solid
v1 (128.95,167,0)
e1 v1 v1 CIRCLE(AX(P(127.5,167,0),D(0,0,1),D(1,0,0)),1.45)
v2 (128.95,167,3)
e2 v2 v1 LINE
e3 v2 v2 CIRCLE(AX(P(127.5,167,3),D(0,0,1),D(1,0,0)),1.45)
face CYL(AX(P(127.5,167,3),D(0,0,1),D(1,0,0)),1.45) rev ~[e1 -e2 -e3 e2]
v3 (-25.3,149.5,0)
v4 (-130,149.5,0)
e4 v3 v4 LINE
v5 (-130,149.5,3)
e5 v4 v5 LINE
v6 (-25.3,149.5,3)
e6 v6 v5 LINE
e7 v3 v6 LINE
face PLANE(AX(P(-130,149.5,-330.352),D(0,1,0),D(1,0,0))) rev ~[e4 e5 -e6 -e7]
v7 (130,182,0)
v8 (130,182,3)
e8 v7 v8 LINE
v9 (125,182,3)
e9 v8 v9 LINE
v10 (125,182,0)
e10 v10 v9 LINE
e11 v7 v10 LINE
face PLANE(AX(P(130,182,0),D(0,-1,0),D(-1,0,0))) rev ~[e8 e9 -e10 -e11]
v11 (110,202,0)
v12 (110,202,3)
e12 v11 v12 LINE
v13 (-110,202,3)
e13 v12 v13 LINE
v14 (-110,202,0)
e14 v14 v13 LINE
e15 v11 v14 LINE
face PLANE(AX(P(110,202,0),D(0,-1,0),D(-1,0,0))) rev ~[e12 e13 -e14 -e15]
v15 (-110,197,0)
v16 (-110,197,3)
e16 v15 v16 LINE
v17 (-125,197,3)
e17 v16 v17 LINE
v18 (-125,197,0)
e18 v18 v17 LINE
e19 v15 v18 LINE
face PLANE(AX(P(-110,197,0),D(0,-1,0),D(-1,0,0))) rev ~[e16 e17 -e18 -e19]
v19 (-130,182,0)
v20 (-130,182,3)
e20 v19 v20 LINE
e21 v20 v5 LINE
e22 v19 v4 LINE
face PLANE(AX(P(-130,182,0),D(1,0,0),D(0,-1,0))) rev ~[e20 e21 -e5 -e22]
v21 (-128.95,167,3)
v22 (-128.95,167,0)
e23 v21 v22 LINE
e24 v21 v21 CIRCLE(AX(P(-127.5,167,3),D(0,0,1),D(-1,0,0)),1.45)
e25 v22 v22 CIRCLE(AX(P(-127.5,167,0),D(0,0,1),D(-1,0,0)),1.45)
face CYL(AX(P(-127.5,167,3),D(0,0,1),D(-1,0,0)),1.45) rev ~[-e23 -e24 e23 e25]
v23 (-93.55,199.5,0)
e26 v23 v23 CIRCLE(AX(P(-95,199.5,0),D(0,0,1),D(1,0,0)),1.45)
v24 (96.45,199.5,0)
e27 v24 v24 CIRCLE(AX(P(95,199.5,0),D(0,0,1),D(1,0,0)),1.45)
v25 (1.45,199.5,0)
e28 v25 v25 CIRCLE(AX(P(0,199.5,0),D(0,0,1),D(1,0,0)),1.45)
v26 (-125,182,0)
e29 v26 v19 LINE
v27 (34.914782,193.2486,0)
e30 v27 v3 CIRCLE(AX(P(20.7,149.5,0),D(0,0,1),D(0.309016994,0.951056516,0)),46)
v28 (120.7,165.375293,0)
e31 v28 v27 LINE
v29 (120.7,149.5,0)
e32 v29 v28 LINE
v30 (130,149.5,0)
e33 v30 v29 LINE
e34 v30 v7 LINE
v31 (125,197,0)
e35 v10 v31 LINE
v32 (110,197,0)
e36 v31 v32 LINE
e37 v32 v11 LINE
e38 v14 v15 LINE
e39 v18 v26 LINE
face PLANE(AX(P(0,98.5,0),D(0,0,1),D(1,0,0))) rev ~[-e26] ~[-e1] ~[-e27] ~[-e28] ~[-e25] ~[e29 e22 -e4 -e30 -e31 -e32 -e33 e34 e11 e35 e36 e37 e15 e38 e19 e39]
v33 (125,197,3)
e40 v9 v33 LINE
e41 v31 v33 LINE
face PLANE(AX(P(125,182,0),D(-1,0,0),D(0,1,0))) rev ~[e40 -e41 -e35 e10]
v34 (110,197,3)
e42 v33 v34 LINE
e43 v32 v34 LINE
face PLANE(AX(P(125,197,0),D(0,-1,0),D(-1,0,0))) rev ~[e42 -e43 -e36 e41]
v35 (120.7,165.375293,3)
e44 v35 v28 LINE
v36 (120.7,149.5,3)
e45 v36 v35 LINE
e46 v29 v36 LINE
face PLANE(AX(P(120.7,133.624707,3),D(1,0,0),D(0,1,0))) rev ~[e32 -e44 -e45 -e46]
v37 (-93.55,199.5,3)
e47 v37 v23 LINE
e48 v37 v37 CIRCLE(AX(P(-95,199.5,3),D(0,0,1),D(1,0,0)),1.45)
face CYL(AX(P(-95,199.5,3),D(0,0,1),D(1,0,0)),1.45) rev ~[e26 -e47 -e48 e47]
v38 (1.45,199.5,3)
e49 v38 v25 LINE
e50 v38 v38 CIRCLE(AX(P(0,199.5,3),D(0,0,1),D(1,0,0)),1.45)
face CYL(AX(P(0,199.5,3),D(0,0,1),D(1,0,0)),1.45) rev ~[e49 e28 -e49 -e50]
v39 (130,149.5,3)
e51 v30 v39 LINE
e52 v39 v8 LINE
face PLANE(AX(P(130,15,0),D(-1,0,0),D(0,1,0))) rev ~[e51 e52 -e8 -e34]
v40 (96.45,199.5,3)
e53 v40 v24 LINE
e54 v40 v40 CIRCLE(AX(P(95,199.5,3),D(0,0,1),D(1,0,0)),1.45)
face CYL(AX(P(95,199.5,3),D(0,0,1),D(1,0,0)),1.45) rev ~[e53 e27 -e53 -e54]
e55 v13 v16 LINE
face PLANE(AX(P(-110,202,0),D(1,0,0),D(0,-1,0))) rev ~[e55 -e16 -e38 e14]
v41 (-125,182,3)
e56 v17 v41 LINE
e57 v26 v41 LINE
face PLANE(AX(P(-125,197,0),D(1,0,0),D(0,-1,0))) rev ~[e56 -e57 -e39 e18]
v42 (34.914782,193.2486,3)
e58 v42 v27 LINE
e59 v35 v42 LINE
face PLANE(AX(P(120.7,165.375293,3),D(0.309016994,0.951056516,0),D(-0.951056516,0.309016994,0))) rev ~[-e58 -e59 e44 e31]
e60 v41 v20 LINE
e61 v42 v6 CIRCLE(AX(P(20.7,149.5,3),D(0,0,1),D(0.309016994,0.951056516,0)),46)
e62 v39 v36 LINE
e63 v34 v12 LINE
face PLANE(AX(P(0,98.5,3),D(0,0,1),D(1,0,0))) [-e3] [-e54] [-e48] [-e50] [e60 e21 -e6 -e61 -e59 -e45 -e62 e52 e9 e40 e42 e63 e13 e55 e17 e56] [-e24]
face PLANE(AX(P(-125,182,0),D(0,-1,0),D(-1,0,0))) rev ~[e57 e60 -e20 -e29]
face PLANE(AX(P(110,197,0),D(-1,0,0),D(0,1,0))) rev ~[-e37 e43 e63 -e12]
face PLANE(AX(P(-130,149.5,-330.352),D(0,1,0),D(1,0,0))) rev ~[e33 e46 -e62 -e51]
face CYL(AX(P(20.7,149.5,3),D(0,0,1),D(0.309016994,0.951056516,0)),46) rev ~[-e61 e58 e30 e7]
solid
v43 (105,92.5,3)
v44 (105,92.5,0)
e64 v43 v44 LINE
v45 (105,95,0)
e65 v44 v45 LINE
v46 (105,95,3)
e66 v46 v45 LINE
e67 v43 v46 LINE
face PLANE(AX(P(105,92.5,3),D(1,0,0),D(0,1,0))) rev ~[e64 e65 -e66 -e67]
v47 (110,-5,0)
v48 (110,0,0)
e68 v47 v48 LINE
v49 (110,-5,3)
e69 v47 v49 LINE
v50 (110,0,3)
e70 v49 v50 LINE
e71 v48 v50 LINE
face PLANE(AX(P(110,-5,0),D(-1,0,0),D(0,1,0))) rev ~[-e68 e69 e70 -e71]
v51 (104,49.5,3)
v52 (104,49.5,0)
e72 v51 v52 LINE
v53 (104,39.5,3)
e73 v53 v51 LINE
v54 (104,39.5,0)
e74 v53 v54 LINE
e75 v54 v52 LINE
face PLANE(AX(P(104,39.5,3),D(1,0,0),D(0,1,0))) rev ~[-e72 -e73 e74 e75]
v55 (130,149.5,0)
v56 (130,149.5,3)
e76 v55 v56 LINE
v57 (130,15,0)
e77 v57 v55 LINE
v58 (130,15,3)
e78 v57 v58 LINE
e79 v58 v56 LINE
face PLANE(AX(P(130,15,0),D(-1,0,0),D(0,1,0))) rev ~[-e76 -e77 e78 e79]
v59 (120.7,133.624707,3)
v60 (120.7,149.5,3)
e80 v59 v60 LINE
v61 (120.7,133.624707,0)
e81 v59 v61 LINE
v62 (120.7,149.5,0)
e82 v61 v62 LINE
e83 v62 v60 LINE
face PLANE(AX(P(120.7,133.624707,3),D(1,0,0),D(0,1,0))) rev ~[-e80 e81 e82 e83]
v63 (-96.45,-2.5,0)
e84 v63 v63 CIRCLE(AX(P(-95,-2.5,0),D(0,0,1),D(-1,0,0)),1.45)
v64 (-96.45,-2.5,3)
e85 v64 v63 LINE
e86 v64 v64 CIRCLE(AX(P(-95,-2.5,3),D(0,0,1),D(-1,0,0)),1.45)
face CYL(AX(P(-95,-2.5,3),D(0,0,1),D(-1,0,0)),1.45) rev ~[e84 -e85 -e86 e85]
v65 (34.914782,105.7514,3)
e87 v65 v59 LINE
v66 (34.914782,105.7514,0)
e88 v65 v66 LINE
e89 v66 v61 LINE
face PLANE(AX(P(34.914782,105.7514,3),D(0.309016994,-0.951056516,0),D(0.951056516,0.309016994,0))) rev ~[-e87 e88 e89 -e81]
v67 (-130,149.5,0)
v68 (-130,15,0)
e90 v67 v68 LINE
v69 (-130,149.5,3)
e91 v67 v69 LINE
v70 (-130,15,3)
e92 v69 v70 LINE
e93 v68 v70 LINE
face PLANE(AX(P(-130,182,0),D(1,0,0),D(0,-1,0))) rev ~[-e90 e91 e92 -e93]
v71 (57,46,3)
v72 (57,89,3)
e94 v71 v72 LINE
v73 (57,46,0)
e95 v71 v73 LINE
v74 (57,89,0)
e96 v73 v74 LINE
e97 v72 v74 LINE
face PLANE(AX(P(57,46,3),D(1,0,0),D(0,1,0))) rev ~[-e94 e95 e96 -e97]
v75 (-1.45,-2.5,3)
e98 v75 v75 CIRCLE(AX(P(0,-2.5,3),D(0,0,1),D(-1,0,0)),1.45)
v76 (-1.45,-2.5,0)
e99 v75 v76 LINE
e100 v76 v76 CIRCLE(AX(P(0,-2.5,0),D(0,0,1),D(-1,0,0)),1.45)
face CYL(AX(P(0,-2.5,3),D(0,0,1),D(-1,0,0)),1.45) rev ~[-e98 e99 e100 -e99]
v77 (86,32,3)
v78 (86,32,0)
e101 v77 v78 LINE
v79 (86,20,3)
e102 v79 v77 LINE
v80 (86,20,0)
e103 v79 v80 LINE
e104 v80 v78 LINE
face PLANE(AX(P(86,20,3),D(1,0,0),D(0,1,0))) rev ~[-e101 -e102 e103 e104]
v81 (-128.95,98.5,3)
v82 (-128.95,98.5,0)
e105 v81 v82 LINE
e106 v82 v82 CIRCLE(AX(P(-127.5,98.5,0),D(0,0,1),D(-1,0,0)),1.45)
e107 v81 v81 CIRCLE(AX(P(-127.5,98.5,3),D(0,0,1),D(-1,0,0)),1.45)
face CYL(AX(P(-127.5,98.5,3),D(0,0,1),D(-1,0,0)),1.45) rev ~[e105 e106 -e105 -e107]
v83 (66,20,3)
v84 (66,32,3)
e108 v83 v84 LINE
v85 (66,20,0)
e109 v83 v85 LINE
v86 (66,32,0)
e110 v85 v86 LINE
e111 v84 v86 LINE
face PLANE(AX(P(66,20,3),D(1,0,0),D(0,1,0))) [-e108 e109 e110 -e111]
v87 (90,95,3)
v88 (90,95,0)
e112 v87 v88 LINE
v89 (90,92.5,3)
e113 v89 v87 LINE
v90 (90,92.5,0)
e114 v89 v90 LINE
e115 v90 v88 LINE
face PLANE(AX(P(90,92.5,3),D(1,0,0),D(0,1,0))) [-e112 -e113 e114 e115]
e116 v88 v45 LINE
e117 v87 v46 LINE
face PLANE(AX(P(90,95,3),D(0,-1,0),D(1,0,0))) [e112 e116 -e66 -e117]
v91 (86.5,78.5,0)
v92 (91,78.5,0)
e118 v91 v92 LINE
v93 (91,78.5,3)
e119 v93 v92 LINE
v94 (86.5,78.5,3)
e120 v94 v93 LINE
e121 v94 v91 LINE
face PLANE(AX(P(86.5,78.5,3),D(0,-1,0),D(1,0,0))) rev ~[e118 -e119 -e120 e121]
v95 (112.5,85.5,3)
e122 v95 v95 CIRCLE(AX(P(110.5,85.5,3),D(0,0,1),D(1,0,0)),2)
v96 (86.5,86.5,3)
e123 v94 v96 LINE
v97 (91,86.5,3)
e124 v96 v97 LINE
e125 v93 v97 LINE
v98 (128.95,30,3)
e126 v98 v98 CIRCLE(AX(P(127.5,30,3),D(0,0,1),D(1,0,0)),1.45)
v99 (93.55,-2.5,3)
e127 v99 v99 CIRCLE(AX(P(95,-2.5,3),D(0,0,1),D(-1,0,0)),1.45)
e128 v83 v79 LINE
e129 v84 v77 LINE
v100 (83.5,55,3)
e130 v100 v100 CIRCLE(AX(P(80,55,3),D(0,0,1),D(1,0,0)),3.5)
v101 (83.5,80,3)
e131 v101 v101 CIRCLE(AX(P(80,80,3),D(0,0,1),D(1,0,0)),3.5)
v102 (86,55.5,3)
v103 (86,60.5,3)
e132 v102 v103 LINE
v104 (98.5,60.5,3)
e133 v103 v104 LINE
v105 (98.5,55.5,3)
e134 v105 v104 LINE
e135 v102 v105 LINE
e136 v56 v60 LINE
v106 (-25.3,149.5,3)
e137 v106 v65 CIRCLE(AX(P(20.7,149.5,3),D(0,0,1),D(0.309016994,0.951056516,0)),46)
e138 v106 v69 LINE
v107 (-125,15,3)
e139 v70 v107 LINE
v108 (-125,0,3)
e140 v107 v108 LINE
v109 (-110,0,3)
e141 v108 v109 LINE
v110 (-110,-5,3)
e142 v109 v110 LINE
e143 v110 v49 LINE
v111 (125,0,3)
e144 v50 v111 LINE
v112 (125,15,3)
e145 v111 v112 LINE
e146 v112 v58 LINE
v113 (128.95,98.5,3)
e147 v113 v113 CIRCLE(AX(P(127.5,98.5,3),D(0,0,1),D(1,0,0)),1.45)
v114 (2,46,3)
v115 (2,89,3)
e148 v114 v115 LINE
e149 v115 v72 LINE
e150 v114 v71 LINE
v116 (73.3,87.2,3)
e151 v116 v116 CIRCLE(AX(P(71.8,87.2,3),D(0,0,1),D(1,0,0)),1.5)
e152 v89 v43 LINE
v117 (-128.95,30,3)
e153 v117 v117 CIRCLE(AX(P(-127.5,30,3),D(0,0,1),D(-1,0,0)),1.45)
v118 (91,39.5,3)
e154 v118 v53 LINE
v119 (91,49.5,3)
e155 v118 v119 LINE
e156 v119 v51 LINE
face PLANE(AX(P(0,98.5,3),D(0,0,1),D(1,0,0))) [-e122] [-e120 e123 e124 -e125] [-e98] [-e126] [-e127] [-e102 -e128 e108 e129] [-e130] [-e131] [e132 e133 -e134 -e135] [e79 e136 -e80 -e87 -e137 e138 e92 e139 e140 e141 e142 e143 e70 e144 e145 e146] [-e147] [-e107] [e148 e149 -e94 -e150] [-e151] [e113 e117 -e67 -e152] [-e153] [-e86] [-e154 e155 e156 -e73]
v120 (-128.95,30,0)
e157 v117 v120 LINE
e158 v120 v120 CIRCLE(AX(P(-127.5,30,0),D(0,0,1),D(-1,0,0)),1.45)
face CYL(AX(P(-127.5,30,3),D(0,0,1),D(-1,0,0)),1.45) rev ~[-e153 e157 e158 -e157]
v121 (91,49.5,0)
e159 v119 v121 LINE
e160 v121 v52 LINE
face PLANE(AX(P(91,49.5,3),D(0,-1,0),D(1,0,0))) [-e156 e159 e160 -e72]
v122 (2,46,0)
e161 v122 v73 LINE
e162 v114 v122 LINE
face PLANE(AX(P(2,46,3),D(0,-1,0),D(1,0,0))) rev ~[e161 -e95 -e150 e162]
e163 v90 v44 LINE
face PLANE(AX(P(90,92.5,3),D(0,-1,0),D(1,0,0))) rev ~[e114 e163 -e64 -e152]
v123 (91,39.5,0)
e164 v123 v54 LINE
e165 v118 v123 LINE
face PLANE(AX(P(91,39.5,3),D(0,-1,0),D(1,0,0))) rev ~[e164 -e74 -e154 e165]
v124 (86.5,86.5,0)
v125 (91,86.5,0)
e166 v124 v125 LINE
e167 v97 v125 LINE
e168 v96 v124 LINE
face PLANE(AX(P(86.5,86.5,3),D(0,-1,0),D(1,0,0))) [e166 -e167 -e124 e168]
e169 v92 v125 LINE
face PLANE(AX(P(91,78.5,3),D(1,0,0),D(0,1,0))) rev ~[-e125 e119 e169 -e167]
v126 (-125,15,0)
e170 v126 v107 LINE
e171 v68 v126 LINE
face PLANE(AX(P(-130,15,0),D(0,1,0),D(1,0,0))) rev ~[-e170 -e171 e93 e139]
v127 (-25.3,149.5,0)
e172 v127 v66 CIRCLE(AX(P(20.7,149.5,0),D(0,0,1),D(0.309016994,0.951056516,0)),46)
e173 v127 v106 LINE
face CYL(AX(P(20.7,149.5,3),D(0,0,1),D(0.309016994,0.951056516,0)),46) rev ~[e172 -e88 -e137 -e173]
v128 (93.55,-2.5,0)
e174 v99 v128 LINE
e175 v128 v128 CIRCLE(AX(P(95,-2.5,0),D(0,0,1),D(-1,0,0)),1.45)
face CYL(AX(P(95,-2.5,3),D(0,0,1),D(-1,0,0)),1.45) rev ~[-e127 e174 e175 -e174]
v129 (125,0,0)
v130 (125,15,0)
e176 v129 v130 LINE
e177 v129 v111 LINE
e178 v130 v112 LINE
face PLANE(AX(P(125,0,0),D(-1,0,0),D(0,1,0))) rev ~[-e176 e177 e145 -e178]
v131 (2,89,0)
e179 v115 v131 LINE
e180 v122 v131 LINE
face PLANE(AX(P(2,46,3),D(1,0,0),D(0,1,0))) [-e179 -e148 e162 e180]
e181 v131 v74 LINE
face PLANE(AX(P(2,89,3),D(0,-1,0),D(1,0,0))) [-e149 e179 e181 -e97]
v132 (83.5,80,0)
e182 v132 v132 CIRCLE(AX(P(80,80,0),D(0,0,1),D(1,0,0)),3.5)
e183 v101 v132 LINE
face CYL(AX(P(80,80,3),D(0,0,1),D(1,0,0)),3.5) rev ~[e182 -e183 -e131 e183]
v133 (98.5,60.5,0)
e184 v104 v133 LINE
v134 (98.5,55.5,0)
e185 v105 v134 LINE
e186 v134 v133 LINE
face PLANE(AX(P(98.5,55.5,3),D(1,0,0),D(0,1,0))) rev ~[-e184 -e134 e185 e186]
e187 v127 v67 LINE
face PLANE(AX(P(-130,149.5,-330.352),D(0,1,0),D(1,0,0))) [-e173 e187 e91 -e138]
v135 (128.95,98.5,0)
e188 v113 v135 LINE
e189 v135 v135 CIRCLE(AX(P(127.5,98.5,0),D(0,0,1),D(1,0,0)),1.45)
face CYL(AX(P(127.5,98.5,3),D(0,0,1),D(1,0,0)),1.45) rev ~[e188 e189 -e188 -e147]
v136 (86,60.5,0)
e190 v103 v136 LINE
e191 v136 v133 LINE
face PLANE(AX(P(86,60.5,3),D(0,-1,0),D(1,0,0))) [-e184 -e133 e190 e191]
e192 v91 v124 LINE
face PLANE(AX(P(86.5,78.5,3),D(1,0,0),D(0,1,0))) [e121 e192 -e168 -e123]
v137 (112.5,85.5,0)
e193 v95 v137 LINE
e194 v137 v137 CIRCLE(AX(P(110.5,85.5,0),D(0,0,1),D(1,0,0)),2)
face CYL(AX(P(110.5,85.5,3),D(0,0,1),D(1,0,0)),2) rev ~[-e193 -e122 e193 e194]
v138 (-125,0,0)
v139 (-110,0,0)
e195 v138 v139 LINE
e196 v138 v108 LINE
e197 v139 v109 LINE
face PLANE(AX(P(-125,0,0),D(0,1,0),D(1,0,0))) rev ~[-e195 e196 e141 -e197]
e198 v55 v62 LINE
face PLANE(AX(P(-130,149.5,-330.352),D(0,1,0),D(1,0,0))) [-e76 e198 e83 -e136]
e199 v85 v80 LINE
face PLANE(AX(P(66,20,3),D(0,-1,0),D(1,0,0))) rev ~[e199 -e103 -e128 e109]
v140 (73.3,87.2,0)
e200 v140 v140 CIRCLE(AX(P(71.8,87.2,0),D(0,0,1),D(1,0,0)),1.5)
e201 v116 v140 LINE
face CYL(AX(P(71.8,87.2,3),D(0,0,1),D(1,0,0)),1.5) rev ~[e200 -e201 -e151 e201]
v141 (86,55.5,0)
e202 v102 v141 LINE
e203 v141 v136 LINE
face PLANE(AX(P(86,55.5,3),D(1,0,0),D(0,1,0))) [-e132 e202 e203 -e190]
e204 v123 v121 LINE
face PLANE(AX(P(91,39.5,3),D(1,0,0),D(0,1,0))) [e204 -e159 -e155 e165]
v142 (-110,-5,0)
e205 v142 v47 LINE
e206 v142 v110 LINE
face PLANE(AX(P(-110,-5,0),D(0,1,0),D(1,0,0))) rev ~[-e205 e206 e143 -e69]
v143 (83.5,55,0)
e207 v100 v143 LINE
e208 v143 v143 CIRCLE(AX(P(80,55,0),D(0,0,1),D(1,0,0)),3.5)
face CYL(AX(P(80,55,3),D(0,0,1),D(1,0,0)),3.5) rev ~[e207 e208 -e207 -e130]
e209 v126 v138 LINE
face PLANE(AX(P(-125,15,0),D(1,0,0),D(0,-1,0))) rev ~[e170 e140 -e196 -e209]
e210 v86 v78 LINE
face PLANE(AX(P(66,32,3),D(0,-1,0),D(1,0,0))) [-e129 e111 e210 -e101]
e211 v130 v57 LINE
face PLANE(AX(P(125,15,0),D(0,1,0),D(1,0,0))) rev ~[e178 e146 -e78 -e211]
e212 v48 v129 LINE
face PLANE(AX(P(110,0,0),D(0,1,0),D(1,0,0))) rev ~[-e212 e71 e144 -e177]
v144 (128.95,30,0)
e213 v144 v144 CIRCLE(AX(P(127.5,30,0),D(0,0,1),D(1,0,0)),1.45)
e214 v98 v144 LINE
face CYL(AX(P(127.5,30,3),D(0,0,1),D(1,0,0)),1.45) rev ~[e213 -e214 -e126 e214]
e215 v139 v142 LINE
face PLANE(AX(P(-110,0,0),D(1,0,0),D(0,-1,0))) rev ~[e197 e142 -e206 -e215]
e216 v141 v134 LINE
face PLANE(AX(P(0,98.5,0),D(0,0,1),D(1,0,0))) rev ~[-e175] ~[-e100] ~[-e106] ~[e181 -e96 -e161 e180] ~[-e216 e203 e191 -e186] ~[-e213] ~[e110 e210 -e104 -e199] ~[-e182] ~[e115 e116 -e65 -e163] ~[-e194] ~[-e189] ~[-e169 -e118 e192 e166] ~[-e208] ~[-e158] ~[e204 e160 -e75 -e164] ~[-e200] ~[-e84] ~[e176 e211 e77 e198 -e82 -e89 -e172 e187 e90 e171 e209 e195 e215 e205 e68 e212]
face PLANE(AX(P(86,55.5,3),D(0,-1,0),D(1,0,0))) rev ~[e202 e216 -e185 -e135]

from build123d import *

# Parameters (mm, degrees)
BOSS_EXTRUDE1_DEPTH    = 3
CUT_EXTRUDE1_DEPTH     = 241.235301319
SKETCH3_W              = 55
SKETCH3_H              = 43
CUT_EXTRUDE2_DEPTH     = 241.235301319
SPLIT1_SURFACE_1_BACK  = 333.352
SPLIT1_SURFACE_1_DEPTH = 666.704
SPLIT1_SURFACE_2_BACK  = 333.352
SPLIT1_SURFACE_2_DEPTH = 666.704
SKETCH5_W              = 20
SKETCH5_H              = 12
CUT_EXTRUDE3_DEPTH     = 241.235301319
SKETCH6_R              = 3.5
CUT_EXTRUDE4_DEPTH     = 241.235301319
SKETCH7_R              = 1.45
CUT_EXTRUDE5_DEPTH     = 241.235301319
SKETCH8_R              = 2
SKETCH8_R_2            = 1.5
SKETCH8_W              = 12.5
SKETCH8_H              = 5
SKETCH8_W_2            = 4.5
SKETCH8_H_2            = 8
SKETCH8_W_3            = 15
SKETCH8_H_3            = 2.5
SKETCH8_W_4            = 13
SKETCH8_H_4            = 10
CUT_EXTRUDE6_DEPTH     = 241.235301319


with BuildPart() as part:
    # Sketch1 → Boss-Extrude1 (new body)
    with BuildSketch(Plane.XY):
        Polygon((110, 202), (-110, 202), (-110, 197), (-125, 197), (-125, 182), (-130, 182), (-130, 15), (-125, 15), (-125, 0), (-110, 0), (-110, -5), (110, -5), (110, 0), (125, 0), (125, 15), (130, 15), (130, 182), (125, 182), (125, 197), (110, 197), align=None)
    extrude(amount=BOSS_EXTRUDE1_DEPTH)

    # Sketch2 → Cut-Extrude1 (cut, through all)
    with BuildSketch(Plane.XY.offset(3)):
        with BuildLine():
            Line((34.914781741, 105.75140025), (120.7, 133.624707308))
            Line((120.7, 133.624707308), (120.7, 165.375292692))
            Line((120.7, 165.375292692), (34.914781741, 193.24859975))
            ThreePointArc((34.914781741, 193.24859975), (-25.3, 149.5), (34.914781741, 105.75140025))
        make_face()
    extrude(amount=-CUT_EXTRUDE1_DEPTH, mode=Mode.SUBTRACT)

    # Sketch3 → Cut-Extrude2 (cut, through all)
    with BuildSketch(Plane.XY.offset(3)):
        with Locations((29.5, 67.5)):
            Rectangle(SKETCH3_W, SKETCH3_H)
    extrude(amount=-CUT_EXTRUDE2_DEPTH, mode=Mode.SUBTRACT)


with BuildPart() as body_2:
    # Split1: the piece behind the surface
    add(part.part)
    # Split1 surface: a surface, the sketch's curves swept straight by 666.704 mm
    with BuildLine(Plane.XY.offset(3).offset(-SPLIT1_SURFACE_1_BACK), mode=Mode.PRIVATE) as split1_surface_1_path:
        Line((-130, 149.5), (130, 149.5))
    split1_surface_1 = Shell.extrude(split1_surface_1_path.wire(), (0 * SPLIT1_SURFACE_1_DEPTH, 0 * SPLIT1_SURFACE_1_DEPTH, 1 * SPLIT1_SURFACE_1_DEPTH))
    split(bisect_by=split1_surface_1, keep=Keep.BOTTOM)

    # Sketch5 → Cut-Extrude3 (cut, through all)
    with BuildSketch(Plane.XY.offset(3)):
        with Locations((76, 26)):
            Rectangle(SKETCH5_W, SKETCH5_H)
    extrude(amount=-CUT_EXTRUDE3_DEPTH, mode=Mode.SUBTRACT)

    # Sketch6 → Cut-Extrude4 (cut, through all)
    with BuildSketch(Plane.XY.offset(3)):
        with Locations((80, 55)):
            Circle(SKETCH6_R)
        with Locations((80, 80)):
            Circle(SKETCH6_R)
    extrude(amount=-CUT_EXTRUDE4_DEPTH, mode=Mode.SUBTRACT)


with BuildPart() as part_1:
    add(part.part)

    # Split1: split by a surface, the side it looks to stays
    # Split1 surface: a surface, the sketch's curves swept straight by 666.704 mm
    with BuildLine(Plane.XY.offset(3).offset(-SPLIT1_SURFACE_2_BACK), mode=Mode.PRIVATE) as split1_surface_2_path:
        Line((-130, 149.5), (130, 149.5))
    split1_surface_2 = Shell.extrude(split1_surface_2_path.wire(), (0 * SPLIT1_SURFACE_2_DEPTH, 0 * SPLIT1_SURFACE_2_DEPTH, 1 * SPLIT1_SURFACE_2_DEPTH))
    split(bisect_by=split1_surface_2, keep=Keep.TOP)


with BuildPart() as cut_extrude5_tool:
    # Sketch7 → Cut-Extrude5 (new, through all)
    with BuildSketch(Plane.XY.offset(3)):
        with Locations((-95, 199.5)):
            Circle(SKETCH7_R)
        with Locations((95, 199.5)):
            Circle(SKETCH7_R)
        with Locations((0, 199.5)):
            Circle(SKETCH7_R)
        with Locations((127.5, 167)):
            Circle(SKETCH7_R)
        with Locations((127.5, 98.5)):
            Circle(SKETCH7_R)
        with Locations((127.5, 30)):
            Circle(SKETCH7_R)
        with Locations(Location((95, -2.5, 0), (0, 0, 180))):
            Circle(SKETCH7_R)
        with Locations(Location((0, -2.5, 0), (0, 0, 180))):
            Circle(SKETCH7_R)
        with Locations(Location((-95, -2.5, 0), (0, 0, 180))):
            Circle(SKETCH7_R)
        with Locations(Location((-127.5, 30, 0), (0, 0, 180))):
            Circle(SKETCH7_R)
        with Locations(Location((-127.5, 98.5, 0), (0, 0, 180))):
            Circle(SKETCH7_R)
        with Locations(Location((-127.5, 167, 0), (0, 0, 180))):
            Circle(SKETCH7_R)
    extrude(amount=-CUT_EXTRUDE5_DEPTH)


with BuildPart() as part_2:
    add(part_1.part)

    # Cut-Extrude5: cut by cut_extrude5_tool
    add(cut_extrude5_tool.part, mode=Mode.SUBTRACT)


with BuildPart() as body_2_1:
    add(body_2.part)

    # Cut-Extrude5: cut by cut_extrude5_tool
    add(cut_extrude5_tool.part, mode=Mode.SUBTRACT)

    # Sketch8 → Cut-Extrude6 (cut, through all)
    with BuildSketch(Plane.XY.offset(3)):
        with Locations((110.5, 85.5)):
            Circle(SKETCH8_R)
        with Locations((71.8, 87.2)):
            Circle(SKETCH8_R_2)
        with Locations((92.25, 58)):
            Rectangle(SKETCH8_W, SKETCH8_H)
        with Locations((88.75, 82.5)):
            Rectangle(SKETCH8_W_2, SKETCH8_H_2)
        with Locations((97.5, 93.75)):
            Rectangle(SKETCH8_W_3, SKETCH8_H_3)
        with Locations((97.5, 44.5)):
            Rectangle(SKETCH8_W_4, SKETCH8_H_4)
    extrude(amount=-CUT_EXTRUDE6_DEPTH, mode=Mode.SUBTRACT)


solid = Compound([part_2.part, body_2_1.part])
